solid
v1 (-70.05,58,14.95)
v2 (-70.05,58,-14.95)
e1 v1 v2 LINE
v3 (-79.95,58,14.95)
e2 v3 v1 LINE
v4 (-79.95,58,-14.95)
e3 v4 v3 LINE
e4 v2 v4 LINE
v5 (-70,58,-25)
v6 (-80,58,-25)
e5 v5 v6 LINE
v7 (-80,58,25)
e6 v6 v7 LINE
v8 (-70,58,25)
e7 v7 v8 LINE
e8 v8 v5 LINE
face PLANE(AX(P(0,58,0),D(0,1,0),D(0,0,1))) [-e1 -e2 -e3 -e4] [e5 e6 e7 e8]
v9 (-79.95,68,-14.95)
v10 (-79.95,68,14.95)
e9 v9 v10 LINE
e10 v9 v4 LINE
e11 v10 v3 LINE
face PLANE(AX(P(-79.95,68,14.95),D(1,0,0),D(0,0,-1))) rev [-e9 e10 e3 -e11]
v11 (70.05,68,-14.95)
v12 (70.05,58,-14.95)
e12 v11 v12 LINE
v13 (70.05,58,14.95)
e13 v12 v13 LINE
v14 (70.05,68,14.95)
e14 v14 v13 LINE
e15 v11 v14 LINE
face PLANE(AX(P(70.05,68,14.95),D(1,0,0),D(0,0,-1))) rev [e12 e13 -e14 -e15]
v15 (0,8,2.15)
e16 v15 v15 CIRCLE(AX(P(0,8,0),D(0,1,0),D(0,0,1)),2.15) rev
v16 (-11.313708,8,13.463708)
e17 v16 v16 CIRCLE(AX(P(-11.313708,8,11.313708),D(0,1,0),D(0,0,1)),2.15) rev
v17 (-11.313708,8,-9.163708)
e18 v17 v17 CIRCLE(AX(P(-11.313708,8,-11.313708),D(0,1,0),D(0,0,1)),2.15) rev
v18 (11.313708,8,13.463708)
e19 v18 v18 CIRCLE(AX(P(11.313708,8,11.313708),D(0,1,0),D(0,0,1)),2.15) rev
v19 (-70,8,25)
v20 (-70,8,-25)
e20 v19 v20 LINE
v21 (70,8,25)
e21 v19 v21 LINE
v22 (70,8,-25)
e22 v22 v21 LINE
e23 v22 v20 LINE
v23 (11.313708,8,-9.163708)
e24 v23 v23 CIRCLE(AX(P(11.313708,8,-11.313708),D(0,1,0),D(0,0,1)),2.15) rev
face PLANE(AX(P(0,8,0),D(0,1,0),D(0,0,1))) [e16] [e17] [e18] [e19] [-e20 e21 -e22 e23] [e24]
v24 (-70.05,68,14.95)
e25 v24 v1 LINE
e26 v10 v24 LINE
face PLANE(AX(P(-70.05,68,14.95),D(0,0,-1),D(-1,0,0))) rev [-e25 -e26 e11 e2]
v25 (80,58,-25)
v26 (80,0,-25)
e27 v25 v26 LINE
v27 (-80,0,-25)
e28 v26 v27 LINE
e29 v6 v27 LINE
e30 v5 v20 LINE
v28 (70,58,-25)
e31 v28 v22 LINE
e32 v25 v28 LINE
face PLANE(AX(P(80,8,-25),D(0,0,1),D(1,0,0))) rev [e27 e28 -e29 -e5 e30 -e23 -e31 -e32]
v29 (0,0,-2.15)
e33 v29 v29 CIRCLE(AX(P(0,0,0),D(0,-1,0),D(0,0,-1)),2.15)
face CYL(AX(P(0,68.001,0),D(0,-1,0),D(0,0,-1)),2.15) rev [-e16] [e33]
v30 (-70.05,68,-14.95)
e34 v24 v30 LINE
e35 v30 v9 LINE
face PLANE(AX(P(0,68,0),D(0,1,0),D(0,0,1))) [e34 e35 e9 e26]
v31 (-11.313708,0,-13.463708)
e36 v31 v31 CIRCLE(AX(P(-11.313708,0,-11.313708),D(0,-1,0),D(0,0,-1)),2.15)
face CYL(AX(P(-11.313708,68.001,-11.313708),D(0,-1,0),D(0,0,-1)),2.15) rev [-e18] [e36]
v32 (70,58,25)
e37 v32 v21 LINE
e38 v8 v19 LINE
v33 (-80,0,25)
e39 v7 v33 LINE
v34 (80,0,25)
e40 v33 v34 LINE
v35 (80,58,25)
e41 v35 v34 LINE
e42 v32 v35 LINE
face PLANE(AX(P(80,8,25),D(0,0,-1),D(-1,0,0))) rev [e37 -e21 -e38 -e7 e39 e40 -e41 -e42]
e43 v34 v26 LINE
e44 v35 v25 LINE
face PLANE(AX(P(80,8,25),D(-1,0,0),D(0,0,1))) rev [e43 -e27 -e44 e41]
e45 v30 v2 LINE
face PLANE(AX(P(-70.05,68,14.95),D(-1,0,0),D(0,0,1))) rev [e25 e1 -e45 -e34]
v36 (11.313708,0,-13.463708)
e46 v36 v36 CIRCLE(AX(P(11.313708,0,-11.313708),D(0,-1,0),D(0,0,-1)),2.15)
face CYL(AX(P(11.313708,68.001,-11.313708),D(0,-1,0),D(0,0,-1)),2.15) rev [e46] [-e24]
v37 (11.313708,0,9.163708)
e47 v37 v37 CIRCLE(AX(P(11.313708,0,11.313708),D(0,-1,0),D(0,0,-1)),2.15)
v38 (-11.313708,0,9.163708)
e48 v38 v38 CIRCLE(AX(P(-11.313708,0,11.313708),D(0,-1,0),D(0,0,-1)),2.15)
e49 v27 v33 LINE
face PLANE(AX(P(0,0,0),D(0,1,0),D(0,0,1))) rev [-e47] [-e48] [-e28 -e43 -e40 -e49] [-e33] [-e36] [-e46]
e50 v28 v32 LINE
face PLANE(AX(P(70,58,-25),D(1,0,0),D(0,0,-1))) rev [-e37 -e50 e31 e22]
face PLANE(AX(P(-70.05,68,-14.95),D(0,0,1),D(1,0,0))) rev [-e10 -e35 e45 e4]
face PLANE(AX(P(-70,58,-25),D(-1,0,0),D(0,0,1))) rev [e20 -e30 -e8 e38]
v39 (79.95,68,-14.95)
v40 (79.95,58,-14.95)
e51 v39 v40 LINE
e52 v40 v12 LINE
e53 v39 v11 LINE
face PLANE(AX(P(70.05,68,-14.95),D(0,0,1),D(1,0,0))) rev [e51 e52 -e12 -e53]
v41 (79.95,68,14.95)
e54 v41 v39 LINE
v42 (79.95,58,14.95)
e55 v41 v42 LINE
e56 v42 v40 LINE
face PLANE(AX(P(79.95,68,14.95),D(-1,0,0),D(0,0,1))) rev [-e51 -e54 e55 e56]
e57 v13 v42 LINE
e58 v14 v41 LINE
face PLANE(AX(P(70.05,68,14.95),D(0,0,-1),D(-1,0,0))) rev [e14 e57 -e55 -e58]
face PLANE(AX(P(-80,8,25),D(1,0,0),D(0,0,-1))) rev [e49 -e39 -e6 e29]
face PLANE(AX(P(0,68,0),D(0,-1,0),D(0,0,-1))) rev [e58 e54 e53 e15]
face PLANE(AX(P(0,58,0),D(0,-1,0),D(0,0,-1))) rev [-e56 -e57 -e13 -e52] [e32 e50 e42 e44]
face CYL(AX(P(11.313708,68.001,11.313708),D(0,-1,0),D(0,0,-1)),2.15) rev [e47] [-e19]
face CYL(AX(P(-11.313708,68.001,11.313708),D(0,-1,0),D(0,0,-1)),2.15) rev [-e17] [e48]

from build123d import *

# Parameters (mm, degrees)
SKETCH1_W           = 160
SKETCH1_H           = 50
BOSS_EXTRUDE1_DEPTH = 8
SKETCH2_W           = 10
SKETCH2_H           = 50
BOSS_EXTRUDE2_DEPTH = 50
SKETCH3_W           = 9.9
SKETCH3_H           = 29.9
BOSS_EXTRUDE3_DEPTH = 10
CUT_EXTRUDE1_REACH  = 70
SKETCH4_R           = 2.15


with BuildPart() as part:
    # Sketch1 → Boss-Extrude1 (new body)
    with BuildSketch(Plane(origin=(0, 0, 0), x_dir=(1, 0, 0), z_dir=(0, 1, 0))):
        Rectangle(SKETCH1_W, SKETCH1_H)
    extrude(amount=BOSS_EXTRUDE1_DEPTH)

    # Sketch2 → Boss-Extrude2 (add)
    with BuildSketch(Plane(origin=(0, 8, 0), x_dir=(1, 0, 0), z_dir=(0, 1, 0))):
        with Locations((-75, 0)):
            Rectangle(SKETCH2_W, SKETCH2_H)
        with Locations((75, 0)):
            Rectangle(SKETCH2_W, SKETCH2_H)
    extrude(amount=BOSS_EXTRUDE2_DEPTH)

    # Sketch3 → Boss-Extrude3 (add)
    with BuildSketch(Plane(origin=(0, 58, 0), x_dir=(1, 0, 0), z_dir=(0, 1, 0))):
        with Locations((-75, 0)):
            Rectangle(SKETCH3_W, SKETCH3_H)
        with Locations((75, 0)):
            Rectangle(SKETCH3_W, SKETCH3_H)
    extrude(amount=BOSS_EXTRUDE3_DEPTH)

    # Sketch4 → Cut-Extrude1 (cut, up to next)
    with BuildSketch(Plane.XZ, mode=Mode.PRIVATE) as cut_extrude1_sk1:
        Circle(SKETCH4_R)
    cut_extrude1_tool1 = extrude(cut_extrude1_sk1.sketch, amount=-CUT_EXTRUDE1_REACH, mode=Mode.PRIVATE) & part.part
    add(cut_extrude1_tool1.solids().sort_by_distance((0, 0, 0))[0], mode=Mode.SUBTRACT)
    # Sketch4 → Cut-Extrude1 (cut, up to next)
    with BuildSketch(Plane.XZ, mode=Mode.PRIVATE) as cut_extrude1_sk2:
        with Locations((-11.313708499, 11.313708499)):
            Circle(SKETCH4_R)
    cut_extrude1_tool2 = extrude(cut_extrude1_sk2.sketch, amount=-CUT_EXTRUDE1_REACH, mode=Mode.PRIVATE) & part.part
    add(cut_extrude1_tool2.solids().sort_by_distance((-11.313708, 0, 11.313708))[0], mode=Mode.SUBTRACT)
    # Sketch4 → Cut-Extrude1 (cut, up to next)
    with BuildSketch(Plane.XZ, mode=Mode.PRIVATE) as cut_extrude1_sk3:
        with Locations((11.313708499, 11.313708499)):
            Circle(SKETCH4_R)
    cut_extrude1_tool3 = extrude(cut_extrude1_sk3.sketch, amount=-CUT_EXTRUDE1_REACH, mode=Mode.PRIVATE) & part.part
    add(cut_extrude1_tool3.solids().sort_by_distance((11.313708, 0, 11.313708))[0], mode=Mode.SUBTRACT)
    # Sketch4 → Cut-Extrude1 (cut, up to next)
    with BuildSketch(Plane.XZ, mode=Mode.PRIVATE) as cut_extrude1_sk4:
        with Locations((11.313708499, -11.313708499)):
            Circle(SKETCH4_R)
    cut_extrude1_tool4 = extrude(cut_extrude1_sk4.sketch, amount=-CUT_EXTRUDE1_REACH, mode=Mode.PRIVATE) & part.part
    add(cut_extrude1_tool4.solids().sort_by_distance((11.313708, 0, -11.313708))[0], mode=Mode.SUBTRACT)
    # Sketch4 → Cut-Extrude1 (cut, up to next)
    with BuildSketch(Plane.XZ, mode=Mode.PRIVATE) as cut_extrude1_sk5:
        with Locations((-11.313708499, -11.313708499)):
            Circle(SKETCH4_R)
    cut_extrude1_tool5 = extrude(cut_extrude1_sk5.sketch, amount=-CUT_EXTRUDE1_REACH, mode=Mode.PRIVATE) & part.part
    add(cut_extrude1_tool5.solids().sort_by_distance((-11.313708, 0, -11.313708))[0], mode=Mode.SUBTRACT)


solid = part.part
